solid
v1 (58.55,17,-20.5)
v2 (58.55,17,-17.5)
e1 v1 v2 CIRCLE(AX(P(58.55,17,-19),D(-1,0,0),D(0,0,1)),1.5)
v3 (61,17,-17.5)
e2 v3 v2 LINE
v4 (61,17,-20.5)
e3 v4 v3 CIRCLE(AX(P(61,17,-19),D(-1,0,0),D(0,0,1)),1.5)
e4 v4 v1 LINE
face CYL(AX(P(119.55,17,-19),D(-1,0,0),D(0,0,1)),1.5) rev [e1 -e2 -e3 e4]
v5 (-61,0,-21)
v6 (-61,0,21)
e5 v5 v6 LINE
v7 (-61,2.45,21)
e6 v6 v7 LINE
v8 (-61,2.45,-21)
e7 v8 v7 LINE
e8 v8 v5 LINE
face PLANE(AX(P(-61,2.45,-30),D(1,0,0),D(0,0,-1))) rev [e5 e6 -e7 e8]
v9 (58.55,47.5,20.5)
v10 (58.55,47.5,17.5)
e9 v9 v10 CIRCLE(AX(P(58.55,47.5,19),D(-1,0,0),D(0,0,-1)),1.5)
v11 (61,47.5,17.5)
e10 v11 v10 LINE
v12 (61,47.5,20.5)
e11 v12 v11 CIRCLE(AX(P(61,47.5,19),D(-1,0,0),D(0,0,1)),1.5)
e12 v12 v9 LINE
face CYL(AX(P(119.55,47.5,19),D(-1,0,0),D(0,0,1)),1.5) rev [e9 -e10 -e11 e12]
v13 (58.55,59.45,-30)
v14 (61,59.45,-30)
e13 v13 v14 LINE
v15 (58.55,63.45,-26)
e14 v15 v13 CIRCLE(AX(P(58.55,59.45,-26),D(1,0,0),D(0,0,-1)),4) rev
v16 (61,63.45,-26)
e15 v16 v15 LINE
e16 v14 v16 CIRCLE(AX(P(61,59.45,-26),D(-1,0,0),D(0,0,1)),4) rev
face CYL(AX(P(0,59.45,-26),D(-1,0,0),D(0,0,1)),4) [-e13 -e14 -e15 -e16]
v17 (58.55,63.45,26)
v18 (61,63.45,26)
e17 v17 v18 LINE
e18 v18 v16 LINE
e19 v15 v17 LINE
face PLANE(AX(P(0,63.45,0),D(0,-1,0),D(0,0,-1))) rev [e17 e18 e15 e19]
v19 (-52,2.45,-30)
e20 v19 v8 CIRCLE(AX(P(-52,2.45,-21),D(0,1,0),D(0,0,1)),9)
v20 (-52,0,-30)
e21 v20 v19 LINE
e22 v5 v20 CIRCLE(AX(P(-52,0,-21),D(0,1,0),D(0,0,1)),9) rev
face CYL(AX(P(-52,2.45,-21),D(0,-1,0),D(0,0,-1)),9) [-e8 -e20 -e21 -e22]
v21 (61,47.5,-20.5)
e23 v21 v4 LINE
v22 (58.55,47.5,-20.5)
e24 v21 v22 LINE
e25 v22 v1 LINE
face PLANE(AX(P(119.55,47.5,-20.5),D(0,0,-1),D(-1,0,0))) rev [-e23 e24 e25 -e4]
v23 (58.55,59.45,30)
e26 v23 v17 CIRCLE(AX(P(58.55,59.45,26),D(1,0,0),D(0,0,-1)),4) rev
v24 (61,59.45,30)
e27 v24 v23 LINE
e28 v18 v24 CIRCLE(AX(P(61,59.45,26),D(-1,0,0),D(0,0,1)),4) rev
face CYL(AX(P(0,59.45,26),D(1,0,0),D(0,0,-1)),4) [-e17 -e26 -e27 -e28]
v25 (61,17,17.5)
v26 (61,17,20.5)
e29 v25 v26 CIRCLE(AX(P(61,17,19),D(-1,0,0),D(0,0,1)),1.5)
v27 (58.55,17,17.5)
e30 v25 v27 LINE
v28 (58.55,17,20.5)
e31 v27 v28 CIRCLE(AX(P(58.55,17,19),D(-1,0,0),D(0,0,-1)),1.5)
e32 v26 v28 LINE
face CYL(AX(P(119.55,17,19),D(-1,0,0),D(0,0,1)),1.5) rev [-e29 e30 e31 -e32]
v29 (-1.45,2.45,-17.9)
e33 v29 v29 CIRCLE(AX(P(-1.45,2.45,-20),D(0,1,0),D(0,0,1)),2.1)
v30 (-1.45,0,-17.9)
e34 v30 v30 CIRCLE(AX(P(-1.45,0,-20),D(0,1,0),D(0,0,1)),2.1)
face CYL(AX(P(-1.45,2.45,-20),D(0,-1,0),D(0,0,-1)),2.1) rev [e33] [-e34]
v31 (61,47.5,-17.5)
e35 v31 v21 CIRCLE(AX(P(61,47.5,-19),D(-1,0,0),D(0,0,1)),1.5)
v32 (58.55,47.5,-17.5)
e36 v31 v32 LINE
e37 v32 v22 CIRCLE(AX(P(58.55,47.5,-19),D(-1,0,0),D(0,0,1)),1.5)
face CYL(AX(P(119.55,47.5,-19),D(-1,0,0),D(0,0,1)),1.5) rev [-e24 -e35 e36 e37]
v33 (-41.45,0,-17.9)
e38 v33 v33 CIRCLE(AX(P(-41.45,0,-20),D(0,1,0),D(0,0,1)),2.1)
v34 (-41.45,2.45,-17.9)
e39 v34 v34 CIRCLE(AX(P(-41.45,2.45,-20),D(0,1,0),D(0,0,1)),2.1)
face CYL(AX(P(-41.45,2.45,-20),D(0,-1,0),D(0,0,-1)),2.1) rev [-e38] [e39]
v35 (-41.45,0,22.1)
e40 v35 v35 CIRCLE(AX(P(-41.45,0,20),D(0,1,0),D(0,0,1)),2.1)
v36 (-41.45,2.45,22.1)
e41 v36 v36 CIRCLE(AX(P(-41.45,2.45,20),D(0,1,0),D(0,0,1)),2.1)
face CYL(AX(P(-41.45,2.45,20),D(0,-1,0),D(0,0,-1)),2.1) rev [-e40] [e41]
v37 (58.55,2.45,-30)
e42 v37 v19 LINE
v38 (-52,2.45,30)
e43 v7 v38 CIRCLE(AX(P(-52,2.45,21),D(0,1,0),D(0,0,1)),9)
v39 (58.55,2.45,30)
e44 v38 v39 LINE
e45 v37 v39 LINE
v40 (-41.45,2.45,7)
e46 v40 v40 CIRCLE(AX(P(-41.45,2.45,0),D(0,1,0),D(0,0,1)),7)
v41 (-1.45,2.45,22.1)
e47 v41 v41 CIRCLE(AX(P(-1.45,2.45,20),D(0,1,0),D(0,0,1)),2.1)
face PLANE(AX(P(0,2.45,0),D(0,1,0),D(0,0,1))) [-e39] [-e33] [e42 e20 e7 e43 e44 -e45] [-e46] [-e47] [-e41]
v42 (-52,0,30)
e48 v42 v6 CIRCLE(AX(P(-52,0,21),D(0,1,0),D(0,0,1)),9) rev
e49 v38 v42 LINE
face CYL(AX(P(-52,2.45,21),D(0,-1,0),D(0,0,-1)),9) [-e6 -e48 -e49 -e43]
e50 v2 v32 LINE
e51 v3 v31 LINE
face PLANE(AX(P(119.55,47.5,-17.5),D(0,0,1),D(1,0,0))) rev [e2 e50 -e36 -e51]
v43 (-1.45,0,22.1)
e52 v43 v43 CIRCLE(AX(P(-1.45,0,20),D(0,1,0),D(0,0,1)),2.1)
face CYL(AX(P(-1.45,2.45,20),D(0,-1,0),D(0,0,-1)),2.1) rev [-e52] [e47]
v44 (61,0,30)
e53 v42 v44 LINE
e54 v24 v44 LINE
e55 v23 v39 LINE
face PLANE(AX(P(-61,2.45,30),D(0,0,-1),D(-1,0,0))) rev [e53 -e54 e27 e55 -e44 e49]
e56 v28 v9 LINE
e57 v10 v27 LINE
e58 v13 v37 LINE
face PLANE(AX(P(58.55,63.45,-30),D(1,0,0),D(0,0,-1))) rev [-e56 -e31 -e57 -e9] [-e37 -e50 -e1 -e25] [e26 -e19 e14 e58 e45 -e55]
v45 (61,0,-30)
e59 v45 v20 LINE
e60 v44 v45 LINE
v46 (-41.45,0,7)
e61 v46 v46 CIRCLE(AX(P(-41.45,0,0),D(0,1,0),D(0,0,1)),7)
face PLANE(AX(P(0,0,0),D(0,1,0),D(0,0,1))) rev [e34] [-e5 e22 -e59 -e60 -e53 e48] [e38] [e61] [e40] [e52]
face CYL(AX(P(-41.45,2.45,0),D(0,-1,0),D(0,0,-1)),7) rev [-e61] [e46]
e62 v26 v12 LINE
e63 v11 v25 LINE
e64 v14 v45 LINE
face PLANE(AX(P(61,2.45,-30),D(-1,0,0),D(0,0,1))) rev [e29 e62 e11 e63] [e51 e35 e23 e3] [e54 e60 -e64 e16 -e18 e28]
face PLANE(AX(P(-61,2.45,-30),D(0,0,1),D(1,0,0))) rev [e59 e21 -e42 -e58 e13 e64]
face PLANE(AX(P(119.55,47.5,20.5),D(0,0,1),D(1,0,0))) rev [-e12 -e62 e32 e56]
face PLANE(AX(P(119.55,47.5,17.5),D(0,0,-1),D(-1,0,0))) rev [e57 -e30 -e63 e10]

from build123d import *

# Parameters (mm, degrees)
SKETCH_1_W          = 122
SKETCH_1_H          = 60
SKETCH_1_R          = 7
SKETCH_1_R_2        = 2.1
EXTRUDE_1_DEPTH     = 2.45
FILLET_1_R          = 9
SKETCH_2_W          = 2.45
SKETCH_2_H          = 60
EXTRUDE_2_DEPTH     = 61
FILLET_2_R          = 4
CUT_EXTRUDE_1_DEPTH = 61


with BuildPart() as part:
    # 草图1 → 凸台-拉伸1 (new body)
    with BuildSketch(Plane(origin=(0, 0, 0), x_dir=(1, 0, 0), z_dir=(0, 1, 0))):
        Rectangle(SKETCH_1_W, SKETCH_1_H)
        with Locations(Location((-41.45, 0, 0), (0, 0, 270))):
            Circle(SKETCH_1_R, mode=Mode.SUBTRACT)
        with Locations(Location((-41.45, 20, 0), (0, 0, 270))):
            Circle(SKETCH_1_R_2, mode=Mode.SUBTRACT)
        with Locations(Location((-1.45, 20, 0), (0, 0, 270))):
            Circle(SKETCH_1_R_2, mode=Mode.SUBTRACT)
        with Locations(Location((-1.45, -20, 0), (0, 0, 270))):
            Circle(SKETCH_1_R_2, mode=Mode.SUBTRACT)
        with Locations(Location((-41.45, -20, 0), (0, 0, 270))):
            Circle(SKETCH_1_R_2, mode=Mode.SUBTRACT)
    extrude(amount=EXTRUDE_1_DEPTH)

    # 圆角1
    fillet_1_edges = [part.edges().sort_by_distance(p)[0] for p in [
        (-61, 1.225, -30),
        (-61, 1.225, 30),
    ]]
    fillet(fillet_1_edges, radius=FILLET_1_R)

    # 草图2 → 凸台-拉伸2 (add)
    with BuildSketch(Plane(origin=(0, 2.45, 0), x_dir=(1, 0, 0), z_dir=(0, 1, 0))):
        with Locations((59.775, 0)):
            Rectangle(SKETCH_2_W, SKETCH_2_H)
    extrude(amount=EXTRUDE_2_DEPTH)

    # 圆角2
    fillet_2_edges = [part.edges().sort_by_distance(p)[0] for p in [
        (59.775, 63.45, -30),
        (59.775, 63.45, 30),
    ]]
    fillet(fillet_2_edges, radius=FILLET_2_R)

    # 草图3 → 切除-拉伸1 (cut)
    with BuildSketch(Plane.ZY.offset(-58.55)):
        with BuildLine():
            Line((-20.5, 47.5), (-20.5, 17))
            ThreePointArc((-20.5, 17), (-19, 15.5), (-17.5, 17))
            Line((-17.5, 17), (-17.5, 47.5))
            ThreePointArc((-17.5, 47.5), (-19, 49), (-20.5, 47.5))
        make_face()
        with BuildLine():
            Line((17.5, 47.5), (17.5, 17))
            ThreePointArc((17.5, 17), (19, 15.5), (20.5, 17))
            Line((20.5, 17), (20.5, 47.5))
            ThreePointArc((20.5, 47.5), (19, 49), (17.5, 47.5))
        make_face()
    extrude(amount=-CUT_EXTRUDE_1_DEPTH, mode=Mode.SUBTRACT)


solid = part.part
